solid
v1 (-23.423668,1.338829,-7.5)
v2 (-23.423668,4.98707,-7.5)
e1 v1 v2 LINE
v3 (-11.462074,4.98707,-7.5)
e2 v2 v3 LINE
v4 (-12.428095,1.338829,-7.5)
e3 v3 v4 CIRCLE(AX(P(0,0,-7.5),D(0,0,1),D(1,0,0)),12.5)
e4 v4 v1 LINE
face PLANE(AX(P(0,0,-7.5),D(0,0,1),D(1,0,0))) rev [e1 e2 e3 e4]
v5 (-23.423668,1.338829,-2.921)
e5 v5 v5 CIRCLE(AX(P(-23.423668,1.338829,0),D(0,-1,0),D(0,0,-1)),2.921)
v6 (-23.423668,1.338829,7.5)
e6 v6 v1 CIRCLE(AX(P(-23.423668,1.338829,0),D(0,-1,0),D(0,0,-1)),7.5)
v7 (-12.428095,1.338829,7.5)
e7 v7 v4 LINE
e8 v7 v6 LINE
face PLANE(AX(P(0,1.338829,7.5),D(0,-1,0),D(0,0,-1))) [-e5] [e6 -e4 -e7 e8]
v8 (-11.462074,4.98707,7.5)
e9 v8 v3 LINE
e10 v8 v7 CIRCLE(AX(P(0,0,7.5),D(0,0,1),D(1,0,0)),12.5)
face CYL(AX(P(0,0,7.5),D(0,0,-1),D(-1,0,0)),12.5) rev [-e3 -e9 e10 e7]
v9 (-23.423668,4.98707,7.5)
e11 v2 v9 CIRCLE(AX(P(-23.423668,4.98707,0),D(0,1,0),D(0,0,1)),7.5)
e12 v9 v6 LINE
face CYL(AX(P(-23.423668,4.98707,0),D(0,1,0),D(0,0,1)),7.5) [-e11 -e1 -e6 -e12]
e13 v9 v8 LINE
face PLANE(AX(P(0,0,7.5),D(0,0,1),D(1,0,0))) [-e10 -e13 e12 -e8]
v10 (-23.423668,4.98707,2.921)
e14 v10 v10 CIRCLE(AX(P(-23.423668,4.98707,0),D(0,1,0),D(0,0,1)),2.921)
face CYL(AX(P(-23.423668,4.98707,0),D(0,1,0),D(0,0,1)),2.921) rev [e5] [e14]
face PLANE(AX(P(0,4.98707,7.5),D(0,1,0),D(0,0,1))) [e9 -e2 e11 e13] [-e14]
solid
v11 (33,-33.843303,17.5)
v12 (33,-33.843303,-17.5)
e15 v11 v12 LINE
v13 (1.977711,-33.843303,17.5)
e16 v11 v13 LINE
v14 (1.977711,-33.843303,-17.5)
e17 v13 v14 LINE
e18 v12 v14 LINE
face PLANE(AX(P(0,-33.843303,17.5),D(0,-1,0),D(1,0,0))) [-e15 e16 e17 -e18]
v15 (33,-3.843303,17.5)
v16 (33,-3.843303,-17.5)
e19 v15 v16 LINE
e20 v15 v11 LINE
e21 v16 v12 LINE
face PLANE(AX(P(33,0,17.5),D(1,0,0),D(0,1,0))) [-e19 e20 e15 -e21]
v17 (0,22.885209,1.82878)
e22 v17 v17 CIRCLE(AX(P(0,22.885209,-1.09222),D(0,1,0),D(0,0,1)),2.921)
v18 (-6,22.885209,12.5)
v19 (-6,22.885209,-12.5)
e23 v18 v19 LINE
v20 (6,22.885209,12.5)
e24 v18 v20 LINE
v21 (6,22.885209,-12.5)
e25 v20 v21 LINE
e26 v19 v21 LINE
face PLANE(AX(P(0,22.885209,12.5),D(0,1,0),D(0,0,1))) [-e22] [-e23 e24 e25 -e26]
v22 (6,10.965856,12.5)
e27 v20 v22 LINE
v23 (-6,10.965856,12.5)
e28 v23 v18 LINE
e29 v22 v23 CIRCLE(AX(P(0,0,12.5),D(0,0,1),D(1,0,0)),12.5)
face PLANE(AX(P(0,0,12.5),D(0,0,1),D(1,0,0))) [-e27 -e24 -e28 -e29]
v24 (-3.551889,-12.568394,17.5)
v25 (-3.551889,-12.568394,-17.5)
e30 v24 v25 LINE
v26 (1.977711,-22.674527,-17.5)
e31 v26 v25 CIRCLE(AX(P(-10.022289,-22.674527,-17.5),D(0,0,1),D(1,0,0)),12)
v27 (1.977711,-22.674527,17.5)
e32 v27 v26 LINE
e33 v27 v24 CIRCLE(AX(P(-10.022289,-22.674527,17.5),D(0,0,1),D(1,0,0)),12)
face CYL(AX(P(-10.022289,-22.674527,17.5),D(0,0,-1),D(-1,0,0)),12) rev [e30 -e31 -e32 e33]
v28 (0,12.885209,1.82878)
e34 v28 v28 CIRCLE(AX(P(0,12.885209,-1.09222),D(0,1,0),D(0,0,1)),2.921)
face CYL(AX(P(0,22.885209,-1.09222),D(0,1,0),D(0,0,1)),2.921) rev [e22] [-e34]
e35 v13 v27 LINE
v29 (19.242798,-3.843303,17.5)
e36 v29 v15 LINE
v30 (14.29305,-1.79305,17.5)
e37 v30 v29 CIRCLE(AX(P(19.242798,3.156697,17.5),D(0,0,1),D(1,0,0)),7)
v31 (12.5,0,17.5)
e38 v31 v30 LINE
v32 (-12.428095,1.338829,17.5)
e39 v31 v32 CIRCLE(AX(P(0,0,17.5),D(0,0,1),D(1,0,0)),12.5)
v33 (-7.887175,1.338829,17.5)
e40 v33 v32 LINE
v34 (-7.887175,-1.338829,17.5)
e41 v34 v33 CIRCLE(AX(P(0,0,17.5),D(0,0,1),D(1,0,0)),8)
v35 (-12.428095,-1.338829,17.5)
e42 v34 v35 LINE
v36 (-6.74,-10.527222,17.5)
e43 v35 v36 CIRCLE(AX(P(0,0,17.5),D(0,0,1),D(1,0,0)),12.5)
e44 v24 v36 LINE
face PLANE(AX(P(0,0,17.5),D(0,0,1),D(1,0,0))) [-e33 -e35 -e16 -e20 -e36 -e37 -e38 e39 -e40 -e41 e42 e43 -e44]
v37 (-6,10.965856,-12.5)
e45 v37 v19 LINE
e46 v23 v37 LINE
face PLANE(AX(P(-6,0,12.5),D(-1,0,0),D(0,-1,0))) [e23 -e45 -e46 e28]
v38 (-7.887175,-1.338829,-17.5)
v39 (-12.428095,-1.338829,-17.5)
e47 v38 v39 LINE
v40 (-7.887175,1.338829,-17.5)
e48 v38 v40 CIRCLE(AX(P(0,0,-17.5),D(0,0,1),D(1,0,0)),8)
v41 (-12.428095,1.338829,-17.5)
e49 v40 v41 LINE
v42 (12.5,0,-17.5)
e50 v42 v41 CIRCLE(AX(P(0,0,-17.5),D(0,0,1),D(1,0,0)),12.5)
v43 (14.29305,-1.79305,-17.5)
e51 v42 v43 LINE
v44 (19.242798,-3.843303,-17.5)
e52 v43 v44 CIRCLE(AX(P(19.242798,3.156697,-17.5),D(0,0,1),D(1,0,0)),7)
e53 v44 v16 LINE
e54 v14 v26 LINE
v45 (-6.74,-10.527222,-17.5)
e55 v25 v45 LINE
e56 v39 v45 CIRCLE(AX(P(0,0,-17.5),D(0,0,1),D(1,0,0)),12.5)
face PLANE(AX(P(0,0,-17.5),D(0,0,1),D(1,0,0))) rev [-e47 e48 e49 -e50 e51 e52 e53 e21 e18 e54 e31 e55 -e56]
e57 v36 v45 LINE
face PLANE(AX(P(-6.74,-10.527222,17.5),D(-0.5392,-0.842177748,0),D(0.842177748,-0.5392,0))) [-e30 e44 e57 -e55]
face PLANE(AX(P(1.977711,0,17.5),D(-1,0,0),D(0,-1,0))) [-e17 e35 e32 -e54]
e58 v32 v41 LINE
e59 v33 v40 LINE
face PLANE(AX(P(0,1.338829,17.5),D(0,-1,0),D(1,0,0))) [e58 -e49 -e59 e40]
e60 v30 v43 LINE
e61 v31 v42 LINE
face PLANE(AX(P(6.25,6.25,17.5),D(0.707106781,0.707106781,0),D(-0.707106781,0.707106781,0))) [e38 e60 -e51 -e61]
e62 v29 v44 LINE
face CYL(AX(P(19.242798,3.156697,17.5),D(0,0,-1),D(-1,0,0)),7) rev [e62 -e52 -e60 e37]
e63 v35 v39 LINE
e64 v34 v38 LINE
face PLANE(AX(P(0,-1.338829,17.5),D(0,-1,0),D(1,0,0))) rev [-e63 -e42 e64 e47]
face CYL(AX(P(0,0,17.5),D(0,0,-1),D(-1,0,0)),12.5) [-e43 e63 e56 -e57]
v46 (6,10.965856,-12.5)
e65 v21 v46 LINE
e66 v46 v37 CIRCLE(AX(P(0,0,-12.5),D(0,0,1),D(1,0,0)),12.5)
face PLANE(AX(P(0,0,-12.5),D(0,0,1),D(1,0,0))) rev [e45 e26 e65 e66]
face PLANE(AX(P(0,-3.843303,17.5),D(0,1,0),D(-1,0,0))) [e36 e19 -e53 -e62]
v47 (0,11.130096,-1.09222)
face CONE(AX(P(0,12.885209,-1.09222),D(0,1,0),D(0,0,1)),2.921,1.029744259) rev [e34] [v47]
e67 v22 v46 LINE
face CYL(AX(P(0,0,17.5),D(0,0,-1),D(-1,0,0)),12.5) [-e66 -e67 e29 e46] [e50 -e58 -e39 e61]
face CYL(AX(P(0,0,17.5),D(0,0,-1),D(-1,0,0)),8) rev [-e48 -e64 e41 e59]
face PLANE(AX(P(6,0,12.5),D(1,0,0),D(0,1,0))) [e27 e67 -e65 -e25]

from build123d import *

# Parameters (mm, degrees)
BOSS_EXTRUDE1_DEPTH = 17.5
BOSS_EXTRUDE2_DEPTH = 7.5
BOSS_EXTRUDE3_DEPTH = 12.5
FILLET1_RADIUS      = 7.5
FILLET1_LENGTH      = 3.648240144


with BuildPart() as part:
    # Sketch1 → Boss-Extrude1 (new, symmetric)
    with BuildSketch(Plane.XY):
        with BuildLine():
            Line((14.293050208, -1.793050208), (12.5, 0))
            ThreePointArc((12.5, 0), (10.752906584, 6.373774392), (6, 10.9658561))
            ThreePointArc((6, 10.9658561), (0, 12.5), (-6, 10.9658561))
            ThreePointArc((-6, 10.9658561), (-9.228622735, 8.431045156), (-11.462073834, 4.987069623))
            ThreePointArc((-11.462073834, 4.987069623), (-12.083561193, 3.199616992), (-12.42809461, 1.338829478))
            Line((-12.42809461, 1.338829478), (-7.88717539, 1.338829478))
            ThreePointArc((-7.88717539, 1.338829478), (0.671787497, 7.971743947), (8, 0))
            ThreePointArc((8, 0), (0.671787497, -7.971743947), (-7.88717539, -1.338829478))
            Line((-7.88717539, -1.338829478), (-12.42809461, -1.338829478))
            ThreePointArc((-12.42809461, -1.338829478), (-10.628292495, -6.57946796), (-6.74, -10.527221856))
            Line((-6.74, -10.527221856), (-3.551888901, -12.568393696))
            ThreePointArc((-3.551888901, -12.568393696), (0.504932954, -16.914526677), (1.977711099, -22.674526677))
            Line((1.977711099, -22.674526677), (1.977711099, -33.84330274))
            Line((1.977711099, -33.84330274), (33, -33.84330274))
            Line((33, -33.84330274), (33, -3.84330274))
            Line((33, -3.84330274), (19.242797676, -3.84330274))
            ThreePointArc((19.242797676, -3.84330274), (16.56401365, -3.310459467), (14.293050208, -1.793050208))
        make_face()
    extrude(amount=BOSS_EXTRUDE1_DEPTH, both=True)

    # Sketch1<5> → Boss-Extrude3 (add, symmetric)
    with BuildSketch(Plane.XY):
        with BuildLine():
            ThreePointArc((-6, 10.9658561), (0, 12.5), (6, 10.9658561))
            Line((6, 10.9658561), (6, 22.88520947))
            Line((6, 22.88520947), (-6, 22.88520947))
            Line((-6, 22.88520947), (-6, 10.9658561))
        make_face()
    extrude(amount=BOSS_EXTRUDE3_DEPTH, both=True)

    # Sketch9 → #97 (0.23) Diameter Hole1 (revolve, cut)
    with BuildSketch(Plane(origin=(0, 22.88520947, -1.092219925), x_dir=(0, 0, 1), z_dir=(1, 0, 0))):
        Polygon((0, 0), (0, 11.755113868), (2.921, 10), (2.921, 0), align=None)
    revolve(axis=Axis((0, 29.23520947, -1.092219925), (0, -1, 0)), mode=Mode.SUBTRACT)


with BuildPart() as body_2:
    # Sketch1<4> → Boss-Extrude2 (new, symmetric)
    with BuildSketch(Plane.XY):
        with BuildLine():
            ThreePointArc((-12.42809461, 1.338829478), (-12.083561193, 3.199616992), (-11.462073834, 4.987069623))
            Line((-11.462073834, 4.987069623), (-30.92366752, 4.987069623))
            Line((-30.92366752, 4.987069623), (-30.92366752, 1.338829478))
            Line((-30.92366752, 1.338829478), (-12.42809461, 1.338829478))
        make_face()
    extrude(amount=BOSS_EXTRUDE2_DEPTH, both=True)

    # Fillet1: full round fillet: the end face becomes a half cylinder, R = half its width
    fillet1_face = Plane((-30.92366752, 3.16294955, 0), x_dir=(0, 1, 0), z_dir=(-1, 0, 0))  # on the end face: x along it, z out of the body
    fillet1_slab = fillet1_face.offset(-FILLET1_RADIUS / 2) * Box(FILLET1_LENGTH, 2 * FILLET1_RADIUS, FILLET1_RADIUS, mode=Mode.PRIVATE)  # the body's end, R deep
    fillet1_round = Plane((-23.42366752, 3.16294955, 0), x_dir=(-1, 0, 0), z_dir=(0, 1, 0)) * Cylinder(FILLET1_RADIUS, FILLET1_LENGTH, mode=Mode.PRIVATE)  # its axis R under the face
    add(fillet1_slab - fillet1_round, mode=Mode.SUBTRACT)

    # Sketch3 → #75 (0.23) Diameter Hole1 (revolve, cut)
    with BuildSketch(Plane(origin=(-23.42366752, 4.987069623, 0), x_dir=(0, 0, 1), z_dir=(1, 0, 0))):
        Polygon((0, 0), (0, 21.755113868), (2.921, 20), (2.921, 0), align=None)
    revolve(axis=Axis((-23.42366752, 11.337069623, 0), (0, -1, 0)), mode=Mode.SUBTRACT)


solid = Compound([part.part, body_2.part])
